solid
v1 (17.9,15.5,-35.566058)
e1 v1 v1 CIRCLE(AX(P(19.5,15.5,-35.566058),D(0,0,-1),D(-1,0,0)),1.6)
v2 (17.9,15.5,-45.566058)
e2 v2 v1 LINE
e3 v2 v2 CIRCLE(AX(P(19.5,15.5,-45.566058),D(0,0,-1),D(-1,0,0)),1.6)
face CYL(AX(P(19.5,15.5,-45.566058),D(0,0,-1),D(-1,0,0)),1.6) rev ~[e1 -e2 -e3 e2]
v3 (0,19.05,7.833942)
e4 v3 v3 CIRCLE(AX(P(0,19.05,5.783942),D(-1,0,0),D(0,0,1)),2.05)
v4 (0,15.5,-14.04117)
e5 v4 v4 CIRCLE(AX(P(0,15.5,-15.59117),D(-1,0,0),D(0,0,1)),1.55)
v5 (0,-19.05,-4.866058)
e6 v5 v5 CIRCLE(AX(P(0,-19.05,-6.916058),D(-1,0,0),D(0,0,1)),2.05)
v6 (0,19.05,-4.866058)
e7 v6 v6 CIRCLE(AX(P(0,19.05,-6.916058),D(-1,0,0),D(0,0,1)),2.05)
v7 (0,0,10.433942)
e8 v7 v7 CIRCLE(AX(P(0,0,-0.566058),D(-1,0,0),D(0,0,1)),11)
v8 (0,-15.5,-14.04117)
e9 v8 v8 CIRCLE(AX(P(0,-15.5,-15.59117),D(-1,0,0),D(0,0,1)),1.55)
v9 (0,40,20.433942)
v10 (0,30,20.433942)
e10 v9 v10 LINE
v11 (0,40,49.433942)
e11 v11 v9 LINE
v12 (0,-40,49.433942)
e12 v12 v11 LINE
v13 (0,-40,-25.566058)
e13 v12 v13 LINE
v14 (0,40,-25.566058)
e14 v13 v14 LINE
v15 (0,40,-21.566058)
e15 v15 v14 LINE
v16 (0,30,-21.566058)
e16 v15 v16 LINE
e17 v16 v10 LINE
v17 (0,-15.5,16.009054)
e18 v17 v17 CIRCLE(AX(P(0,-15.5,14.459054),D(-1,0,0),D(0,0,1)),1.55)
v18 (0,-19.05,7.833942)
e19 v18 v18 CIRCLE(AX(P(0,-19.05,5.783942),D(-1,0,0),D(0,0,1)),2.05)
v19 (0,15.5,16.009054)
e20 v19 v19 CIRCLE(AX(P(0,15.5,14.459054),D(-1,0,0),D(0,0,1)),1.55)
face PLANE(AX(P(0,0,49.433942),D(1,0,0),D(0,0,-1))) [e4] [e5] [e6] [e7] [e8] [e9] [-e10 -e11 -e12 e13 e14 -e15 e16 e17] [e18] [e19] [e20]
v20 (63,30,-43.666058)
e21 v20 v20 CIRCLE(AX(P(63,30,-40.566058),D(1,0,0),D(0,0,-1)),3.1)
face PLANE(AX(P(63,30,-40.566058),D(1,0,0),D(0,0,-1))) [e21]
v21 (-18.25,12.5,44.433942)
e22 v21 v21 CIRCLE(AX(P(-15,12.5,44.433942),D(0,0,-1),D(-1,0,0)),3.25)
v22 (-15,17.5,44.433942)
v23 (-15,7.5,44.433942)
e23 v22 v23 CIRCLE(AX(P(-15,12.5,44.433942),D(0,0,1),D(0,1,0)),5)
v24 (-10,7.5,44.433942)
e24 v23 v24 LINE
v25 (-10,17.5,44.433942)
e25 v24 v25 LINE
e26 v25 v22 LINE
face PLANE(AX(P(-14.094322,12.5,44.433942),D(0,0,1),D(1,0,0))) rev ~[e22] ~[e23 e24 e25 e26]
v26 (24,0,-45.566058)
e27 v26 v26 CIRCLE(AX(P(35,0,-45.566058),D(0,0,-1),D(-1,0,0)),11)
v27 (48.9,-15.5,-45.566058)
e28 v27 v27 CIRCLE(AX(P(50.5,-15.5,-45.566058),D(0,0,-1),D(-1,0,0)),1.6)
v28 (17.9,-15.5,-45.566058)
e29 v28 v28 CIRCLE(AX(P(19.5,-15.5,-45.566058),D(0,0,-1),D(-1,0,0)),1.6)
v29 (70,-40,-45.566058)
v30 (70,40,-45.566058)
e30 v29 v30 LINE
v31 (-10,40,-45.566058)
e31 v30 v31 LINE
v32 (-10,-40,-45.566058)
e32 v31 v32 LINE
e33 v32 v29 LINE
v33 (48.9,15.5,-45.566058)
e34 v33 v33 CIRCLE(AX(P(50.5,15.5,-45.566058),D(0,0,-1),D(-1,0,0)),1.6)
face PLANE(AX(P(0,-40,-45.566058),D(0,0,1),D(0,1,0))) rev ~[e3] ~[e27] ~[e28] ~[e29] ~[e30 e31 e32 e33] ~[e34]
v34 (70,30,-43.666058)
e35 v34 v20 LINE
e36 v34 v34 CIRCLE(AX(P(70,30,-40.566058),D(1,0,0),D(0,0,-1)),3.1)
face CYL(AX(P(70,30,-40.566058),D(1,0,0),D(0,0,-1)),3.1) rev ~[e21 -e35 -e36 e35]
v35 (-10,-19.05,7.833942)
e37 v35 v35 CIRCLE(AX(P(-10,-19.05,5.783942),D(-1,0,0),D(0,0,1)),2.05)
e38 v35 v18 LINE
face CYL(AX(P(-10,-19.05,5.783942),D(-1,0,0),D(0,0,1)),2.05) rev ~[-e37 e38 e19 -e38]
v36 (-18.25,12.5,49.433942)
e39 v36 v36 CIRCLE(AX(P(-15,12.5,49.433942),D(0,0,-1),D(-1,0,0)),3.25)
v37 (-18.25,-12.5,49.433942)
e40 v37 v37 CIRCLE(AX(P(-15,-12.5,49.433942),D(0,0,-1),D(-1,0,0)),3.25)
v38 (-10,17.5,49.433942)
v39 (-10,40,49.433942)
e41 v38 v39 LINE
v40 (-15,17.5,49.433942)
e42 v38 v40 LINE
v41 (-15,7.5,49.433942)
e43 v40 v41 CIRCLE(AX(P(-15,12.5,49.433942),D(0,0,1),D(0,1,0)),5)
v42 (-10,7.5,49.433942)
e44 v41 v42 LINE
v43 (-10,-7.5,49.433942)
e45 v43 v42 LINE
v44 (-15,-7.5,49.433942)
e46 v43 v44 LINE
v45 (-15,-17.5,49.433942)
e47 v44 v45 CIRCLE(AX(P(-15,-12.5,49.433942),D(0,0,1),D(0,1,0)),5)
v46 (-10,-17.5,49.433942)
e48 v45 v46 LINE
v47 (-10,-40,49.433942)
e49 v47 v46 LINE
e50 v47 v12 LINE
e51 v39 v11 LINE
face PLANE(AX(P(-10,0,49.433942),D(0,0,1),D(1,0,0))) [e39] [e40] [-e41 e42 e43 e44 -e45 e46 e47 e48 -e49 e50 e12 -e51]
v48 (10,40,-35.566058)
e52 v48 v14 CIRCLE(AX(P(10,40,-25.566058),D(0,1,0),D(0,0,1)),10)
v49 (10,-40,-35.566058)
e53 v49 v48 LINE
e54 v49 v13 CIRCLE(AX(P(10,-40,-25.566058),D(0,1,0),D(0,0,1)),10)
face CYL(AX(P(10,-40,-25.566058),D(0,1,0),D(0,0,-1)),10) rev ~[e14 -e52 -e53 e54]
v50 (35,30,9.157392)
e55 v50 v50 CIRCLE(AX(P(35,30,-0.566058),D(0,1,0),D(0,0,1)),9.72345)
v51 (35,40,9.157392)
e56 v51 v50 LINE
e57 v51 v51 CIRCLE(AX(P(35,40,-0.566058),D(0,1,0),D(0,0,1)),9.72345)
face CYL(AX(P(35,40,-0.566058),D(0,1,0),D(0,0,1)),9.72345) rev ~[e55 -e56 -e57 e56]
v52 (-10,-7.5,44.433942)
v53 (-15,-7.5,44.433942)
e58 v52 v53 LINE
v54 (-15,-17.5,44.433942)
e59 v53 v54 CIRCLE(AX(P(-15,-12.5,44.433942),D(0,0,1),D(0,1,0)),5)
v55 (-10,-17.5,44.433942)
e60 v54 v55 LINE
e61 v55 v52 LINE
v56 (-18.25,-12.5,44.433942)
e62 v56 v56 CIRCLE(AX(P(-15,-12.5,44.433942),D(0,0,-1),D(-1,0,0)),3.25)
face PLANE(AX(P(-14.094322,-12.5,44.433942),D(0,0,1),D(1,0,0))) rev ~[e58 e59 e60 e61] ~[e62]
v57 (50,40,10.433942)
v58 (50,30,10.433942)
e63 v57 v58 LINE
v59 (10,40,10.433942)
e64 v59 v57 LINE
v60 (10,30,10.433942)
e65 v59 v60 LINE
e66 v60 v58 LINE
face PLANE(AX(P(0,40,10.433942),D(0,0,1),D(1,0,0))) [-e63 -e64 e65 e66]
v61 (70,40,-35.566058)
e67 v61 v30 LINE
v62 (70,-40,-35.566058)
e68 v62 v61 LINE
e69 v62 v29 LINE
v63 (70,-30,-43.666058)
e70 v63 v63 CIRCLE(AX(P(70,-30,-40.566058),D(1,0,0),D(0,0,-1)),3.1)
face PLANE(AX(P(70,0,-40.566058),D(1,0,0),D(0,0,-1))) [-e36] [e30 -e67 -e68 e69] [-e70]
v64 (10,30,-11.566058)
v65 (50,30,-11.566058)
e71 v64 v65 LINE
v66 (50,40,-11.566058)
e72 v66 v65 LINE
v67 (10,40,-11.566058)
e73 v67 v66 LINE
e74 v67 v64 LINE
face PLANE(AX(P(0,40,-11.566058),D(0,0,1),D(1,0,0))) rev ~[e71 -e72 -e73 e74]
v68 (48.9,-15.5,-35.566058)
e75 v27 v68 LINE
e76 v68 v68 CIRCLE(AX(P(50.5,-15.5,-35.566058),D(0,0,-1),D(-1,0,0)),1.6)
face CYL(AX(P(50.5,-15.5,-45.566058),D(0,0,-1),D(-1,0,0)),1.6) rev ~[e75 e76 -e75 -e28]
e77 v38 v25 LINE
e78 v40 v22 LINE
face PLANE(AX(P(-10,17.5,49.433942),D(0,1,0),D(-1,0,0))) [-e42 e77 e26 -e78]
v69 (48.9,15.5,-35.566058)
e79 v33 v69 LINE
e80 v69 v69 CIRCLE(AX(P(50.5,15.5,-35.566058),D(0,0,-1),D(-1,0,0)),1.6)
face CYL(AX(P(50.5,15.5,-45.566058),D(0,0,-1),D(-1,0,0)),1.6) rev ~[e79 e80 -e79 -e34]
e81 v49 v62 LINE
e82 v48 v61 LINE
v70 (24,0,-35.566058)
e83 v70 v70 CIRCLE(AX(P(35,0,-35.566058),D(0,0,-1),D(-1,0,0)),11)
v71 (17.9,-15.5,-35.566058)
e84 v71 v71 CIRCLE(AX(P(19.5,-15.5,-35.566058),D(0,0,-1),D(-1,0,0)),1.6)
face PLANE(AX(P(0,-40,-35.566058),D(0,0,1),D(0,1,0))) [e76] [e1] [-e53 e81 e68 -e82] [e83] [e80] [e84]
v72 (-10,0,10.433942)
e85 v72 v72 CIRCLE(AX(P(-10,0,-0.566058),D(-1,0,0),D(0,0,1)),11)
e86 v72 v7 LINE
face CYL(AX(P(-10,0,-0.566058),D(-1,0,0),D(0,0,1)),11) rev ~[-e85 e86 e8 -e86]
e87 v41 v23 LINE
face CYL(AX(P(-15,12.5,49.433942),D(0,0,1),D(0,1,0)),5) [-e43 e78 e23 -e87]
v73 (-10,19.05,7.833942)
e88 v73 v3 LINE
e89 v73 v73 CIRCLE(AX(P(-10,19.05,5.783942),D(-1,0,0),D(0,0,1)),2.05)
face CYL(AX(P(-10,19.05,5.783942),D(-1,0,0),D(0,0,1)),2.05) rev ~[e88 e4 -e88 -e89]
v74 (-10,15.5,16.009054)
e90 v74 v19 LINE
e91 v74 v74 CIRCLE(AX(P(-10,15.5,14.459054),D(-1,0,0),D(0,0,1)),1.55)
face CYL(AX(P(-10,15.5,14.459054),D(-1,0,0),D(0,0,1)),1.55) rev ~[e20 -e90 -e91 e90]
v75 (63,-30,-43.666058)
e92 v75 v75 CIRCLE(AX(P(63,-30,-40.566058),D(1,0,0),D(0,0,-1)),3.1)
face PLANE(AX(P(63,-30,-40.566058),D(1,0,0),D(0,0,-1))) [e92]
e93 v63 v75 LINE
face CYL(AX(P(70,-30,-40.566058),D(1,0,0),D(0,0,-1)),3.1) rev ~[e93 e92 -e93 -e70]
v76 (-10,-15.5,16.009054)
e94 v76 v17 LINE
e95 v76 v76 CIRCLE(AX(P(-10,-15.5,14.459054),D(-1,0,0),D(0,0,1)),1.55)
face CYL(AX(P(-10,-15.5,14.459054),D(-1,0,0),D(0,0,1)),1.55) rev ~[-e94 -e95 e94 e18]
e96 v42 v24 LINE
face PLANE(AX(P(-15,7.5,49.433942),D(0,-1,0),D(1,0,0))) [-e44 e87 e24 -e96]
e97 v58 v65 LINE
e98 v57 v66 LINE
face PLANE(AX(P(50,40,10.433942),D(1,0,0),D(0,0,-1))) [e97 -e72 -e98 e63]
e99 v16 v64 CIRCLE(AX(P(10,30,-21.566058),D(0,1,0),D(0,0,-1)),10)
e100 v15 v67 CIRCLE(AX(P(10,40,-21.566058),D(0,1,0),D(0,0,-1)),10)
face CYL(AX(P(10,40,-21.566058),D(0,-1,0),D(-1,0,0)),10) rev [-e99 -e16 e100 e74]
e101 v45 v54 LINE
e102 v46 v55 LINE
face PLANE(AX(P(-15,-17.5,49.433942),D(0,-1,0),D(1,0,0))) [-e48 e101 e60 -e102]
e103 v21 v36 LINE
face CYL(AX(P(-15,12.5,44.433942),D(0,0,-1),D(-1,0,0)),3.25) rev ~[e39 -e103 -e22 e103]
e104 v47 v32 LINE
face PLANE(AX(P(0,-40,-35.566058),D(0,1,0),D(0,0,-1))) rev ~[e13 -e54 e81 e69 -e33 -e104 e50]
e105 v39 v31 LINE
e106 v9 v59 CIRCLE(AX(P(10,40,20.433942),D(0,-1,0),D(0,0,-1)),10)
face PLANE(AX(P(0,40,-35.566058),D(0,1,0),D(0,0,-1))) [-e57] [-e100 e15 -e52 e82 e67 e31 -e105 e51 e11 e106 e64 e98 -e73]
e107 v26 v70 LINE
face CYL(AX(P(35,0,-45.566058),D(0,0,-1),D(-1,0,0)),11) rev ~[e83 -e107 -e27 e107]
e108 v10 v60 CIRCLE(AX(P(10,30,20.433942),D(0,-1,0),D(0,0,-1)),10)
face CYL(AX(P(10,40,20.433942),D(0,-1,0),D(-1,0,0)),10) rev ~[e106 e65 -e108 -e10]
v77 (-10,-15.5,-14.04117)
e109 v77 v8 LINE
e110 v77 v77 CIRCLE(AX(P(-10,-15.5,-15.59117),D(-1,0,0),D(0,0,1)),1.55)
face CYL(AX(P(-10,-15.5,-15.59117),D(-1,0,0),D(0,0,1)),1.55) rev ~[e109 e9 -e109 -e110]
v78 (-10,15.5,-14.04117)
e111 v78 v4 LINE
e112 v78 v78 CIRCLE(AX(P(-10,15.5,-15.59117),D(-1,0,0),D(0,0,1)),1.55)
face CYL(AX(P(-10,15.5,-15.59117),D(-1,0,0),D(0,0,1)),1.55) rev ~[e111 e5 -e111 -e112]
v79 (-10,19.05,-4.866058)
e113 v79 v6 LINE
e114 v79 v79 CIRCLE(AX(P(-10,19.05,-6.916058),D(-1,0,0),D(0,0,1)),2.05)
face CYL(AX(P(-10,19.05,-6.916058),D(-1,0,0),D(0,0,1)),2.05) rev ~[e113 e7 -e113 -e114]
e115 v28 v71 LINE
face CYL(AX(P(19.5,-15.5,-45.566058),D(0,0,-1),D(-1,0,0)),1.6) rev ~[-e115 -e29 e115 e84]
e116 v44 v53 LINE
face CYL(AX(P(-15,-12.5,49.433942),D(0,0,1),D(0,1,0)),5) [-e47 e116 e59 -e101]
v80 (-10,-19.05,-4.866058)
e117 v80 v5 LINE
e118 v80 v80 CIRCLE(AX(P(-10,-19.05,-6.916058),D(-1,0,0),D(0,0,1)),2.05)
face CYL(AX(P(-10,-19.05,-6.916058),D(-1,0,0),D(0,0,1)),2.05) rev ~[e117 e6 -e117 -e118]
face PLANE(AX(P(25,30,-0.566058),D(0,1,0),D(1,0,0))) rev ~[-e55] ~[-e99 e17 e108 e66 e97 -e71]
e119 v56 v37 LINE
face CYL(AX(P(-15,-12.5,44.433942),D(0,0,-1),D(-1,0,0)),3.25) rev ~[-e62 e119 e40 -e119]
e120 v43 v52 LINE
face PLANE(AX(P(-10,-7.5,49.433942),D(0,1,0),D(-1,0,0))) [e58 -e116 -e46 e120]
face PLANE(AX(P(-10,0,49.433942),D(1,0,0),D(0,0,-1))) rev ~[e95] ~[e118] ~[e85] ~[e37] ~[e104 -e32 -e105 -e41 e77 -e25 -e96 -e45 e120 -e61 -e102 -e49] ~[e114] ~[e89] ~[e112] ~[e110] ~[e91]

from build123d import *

# Parameters (mm, degrees)
SKETCH1_W               = 10
SKETCH1_H               = 95
BOSS_EXTRUDE1_DEPTH     = 40
SKETCH4_W               = 10
SKETCH4_H               = 80
BOSS_EXTRUDE3_DEPTH     = 70
SKETCH10_R              = 11
SKETCH10_R_2            = 1.6
CUT_EXTRUDE1_DEPTH      = 10
SKETCH2_R               = 11
SKETCH2_R_2             = 1.55
SKETCH2_R_3             = 2.05
CUT_EXTRUDE2_DEPTH      = 10
BOSS_EXTRUDE4_DEPTH     = 5
SKETCH15_R              = 3.25
CUT_EXTRUDE3_DEPTH      = 5
CROQUIS1_W              = 50
CROQUIS1_H              = 22
CROQUIS1_R              = 9.72345
SALIENTE_EXTRUIR1_DEPTH = 10
CROQUIS2_R              = 3.1
CORTAR_EXTRUIR1_DEPTH   = 7
REDONDEO1_R             = 10


with BuildPart() as part:
    # Sketch1 → Boss-Extrude1 (new, symmetric)
    with BuildSketch(Plane(origin=(0, 0, 0), x_dir=(1, 0, 0), z_dir=(0, 1, 0))):
        with Locations((-5, -1.933942264)):
            Rectangle(SKETCH1_W, SKETCH1_H)
    extrude(amount=BOSS_EXTRUDE1_DEPTH, both=True)

    # Sketch4 → Boss-Extrude3 (add)
    with BuildSketch(Plane(origin=(0, 0, 0), x_dir=(0, 0, -1), z_dir=(1, 0, 0))):
        with Locations((40.566057736, 0)):
            Rectangle(SKETCH4_W, SKETCH4_H)
    extrude(amount=BOSS_EXTRUDE3_DEPTH)

    # Sketch10 → Cut-Extrude1 (cut)
    with BuildSketch(Plane(origin=(0, 0, -45.566057736), x_dir=(-1, 0, 0), z_dir=(0, 0, -1))):
        with Locations((-35, 0)):
            Circle(SKETCH10_R)
        with Locations((-19.5, 15.5)):
            Circle(SKETCH10_R_2)
        with Locations((-50.5, 15.5)):
            Circle(SKETCH10_R_2)
        with Locations((-19.5, -15.5)):
            Circle(SKETCH10_R_2)
        with Locations((-50.5, -15.5)):
            Circle(SKETCH10_R_2)
    extrude(amount=-CUT_EXTRUDE1_DEPTH, mode=Mode.SUBTRACT)

    # Sketch2 → Cut-Extrude2 (cut)
    with BuildSketch(Plane.ZY.offset(10)):
        with Locations((-0.566057736, 0)):
            Circle(SKETCH2_R)
        with Locations((-15.591169934, -15.5)):
            Circle(SKETCH2_R_2)
        with Locations((-6.916057736, -19.05)):
            Circle(SKETCH2_R_3)
        with Locations((-15.591169934, 15.5)):
            Circle(SKETCH2_R_2)
        with Locations((-6.916057736, 19.05)):
            Circle(SKETCH2_R_3)
        with Locations((5.783942264, 19.05)):
            Circle(SKETCH2_R_3)
        with Locations((14.459054462, 15.5)):
            Circle(SKETCH2_R_2)
        with Locations((14.459054462, -15.5)):
            Circle(SKETCH2_R_2)
        with Locations((5.783942264, -19.05)):
            Circle(SKETCH2_R_3)
    extrude(amount=-CUT_EXTRUDE2_DEPTH, mode=Mode.SUBTRACT)

    # Sketch14 → Boss-Extrude4 (add)
    with BuildSketch(Plane.XY.offset(49.433942264)):
        with BuildLine():
            Line((-15, -17.5), (-10, -17.5))
            Line((-10, -17.5), (-10, -7.5))
            Line((-10, -7.5), (-15, -7.5))
            ThreePointArc((-15, -7.5), (-20, -12.5), (-15, -17.5))
        make_face()
        with BuildLine():
            Line((-15, 7.5), (-10, 7.5))
            Line((-10, 7.5), (-10, 17.5))
            Line((-10, 17.5), (-15, 17.5))
            ThreePointArc((-15, 17.5), (-20, 12.5), (-15, 7.5))
        make_face()
    extrude(amount=-BOSS_EXTRUDE4_DEPTH)

    # Sketch15 → Cut-Extrude3 (cut)
    with BuildSketch(Plane(origin=(0, 0, 44.433942264), x_dir=(-1, 0, 0), z_dir=(0, 0, -1))):
        with Locations((15, -12.5)):
            Circle(SKETCH15_R)
        with Locations((15, 12.5)):
            Circle(SKETCH15_R)
    extrude(amount=-CUT_EXTRUDE3_DEPTH, mode=Mode.SUBTRACT)

    # Croquis1 → Saliente-Extruir1 (add)
    with BuildSketch(Plane(origin=(0, 40, 0), x_dir=(1, 0, 0), z_dir=(0, 1, 0))):
        with Locations((25, 0.566057736)):
            Rectangle(CROQUIS1_W, CROQUIS1_H)
        with Locations(Location((35, 0.566057736, 0), (0, 0, 270))):
            Circle(CROQUIS1_R, mode=Mode.SUBTRACT)
    extrude(amount=-SALIENTE_EXTRUIR1_DEPTH)

    # Croquis2 → Cortar-Extruir1 (cut)
    with BuildSketch(Plane(origin=(70, 0, 0), x_dir=(0, 0, -1), z_dir=(1, 0, 0))):
        with Locations((40.566057736, 30)):
            Circle(CROQUIS2_R)
        with Locations((40.566057736, -30)):
            Circle(CROQUIS2_R)
    extrude(amount=-CORTAR_EXTRUIR1_DEPTH, mode=Mode.SUBTRACT)

    # Redondeo1
    redondeo1_edges = [part.edges().sort_by_distance(p)[0] for p in [
        (0, 0, -35.566057736),
        (0, 35, -11.566057736),
        (0, 35, 10.433942264),
    ]]
    fillet(redondeo1_edges, radius=REDONDEO1_R)


solid = part.part
